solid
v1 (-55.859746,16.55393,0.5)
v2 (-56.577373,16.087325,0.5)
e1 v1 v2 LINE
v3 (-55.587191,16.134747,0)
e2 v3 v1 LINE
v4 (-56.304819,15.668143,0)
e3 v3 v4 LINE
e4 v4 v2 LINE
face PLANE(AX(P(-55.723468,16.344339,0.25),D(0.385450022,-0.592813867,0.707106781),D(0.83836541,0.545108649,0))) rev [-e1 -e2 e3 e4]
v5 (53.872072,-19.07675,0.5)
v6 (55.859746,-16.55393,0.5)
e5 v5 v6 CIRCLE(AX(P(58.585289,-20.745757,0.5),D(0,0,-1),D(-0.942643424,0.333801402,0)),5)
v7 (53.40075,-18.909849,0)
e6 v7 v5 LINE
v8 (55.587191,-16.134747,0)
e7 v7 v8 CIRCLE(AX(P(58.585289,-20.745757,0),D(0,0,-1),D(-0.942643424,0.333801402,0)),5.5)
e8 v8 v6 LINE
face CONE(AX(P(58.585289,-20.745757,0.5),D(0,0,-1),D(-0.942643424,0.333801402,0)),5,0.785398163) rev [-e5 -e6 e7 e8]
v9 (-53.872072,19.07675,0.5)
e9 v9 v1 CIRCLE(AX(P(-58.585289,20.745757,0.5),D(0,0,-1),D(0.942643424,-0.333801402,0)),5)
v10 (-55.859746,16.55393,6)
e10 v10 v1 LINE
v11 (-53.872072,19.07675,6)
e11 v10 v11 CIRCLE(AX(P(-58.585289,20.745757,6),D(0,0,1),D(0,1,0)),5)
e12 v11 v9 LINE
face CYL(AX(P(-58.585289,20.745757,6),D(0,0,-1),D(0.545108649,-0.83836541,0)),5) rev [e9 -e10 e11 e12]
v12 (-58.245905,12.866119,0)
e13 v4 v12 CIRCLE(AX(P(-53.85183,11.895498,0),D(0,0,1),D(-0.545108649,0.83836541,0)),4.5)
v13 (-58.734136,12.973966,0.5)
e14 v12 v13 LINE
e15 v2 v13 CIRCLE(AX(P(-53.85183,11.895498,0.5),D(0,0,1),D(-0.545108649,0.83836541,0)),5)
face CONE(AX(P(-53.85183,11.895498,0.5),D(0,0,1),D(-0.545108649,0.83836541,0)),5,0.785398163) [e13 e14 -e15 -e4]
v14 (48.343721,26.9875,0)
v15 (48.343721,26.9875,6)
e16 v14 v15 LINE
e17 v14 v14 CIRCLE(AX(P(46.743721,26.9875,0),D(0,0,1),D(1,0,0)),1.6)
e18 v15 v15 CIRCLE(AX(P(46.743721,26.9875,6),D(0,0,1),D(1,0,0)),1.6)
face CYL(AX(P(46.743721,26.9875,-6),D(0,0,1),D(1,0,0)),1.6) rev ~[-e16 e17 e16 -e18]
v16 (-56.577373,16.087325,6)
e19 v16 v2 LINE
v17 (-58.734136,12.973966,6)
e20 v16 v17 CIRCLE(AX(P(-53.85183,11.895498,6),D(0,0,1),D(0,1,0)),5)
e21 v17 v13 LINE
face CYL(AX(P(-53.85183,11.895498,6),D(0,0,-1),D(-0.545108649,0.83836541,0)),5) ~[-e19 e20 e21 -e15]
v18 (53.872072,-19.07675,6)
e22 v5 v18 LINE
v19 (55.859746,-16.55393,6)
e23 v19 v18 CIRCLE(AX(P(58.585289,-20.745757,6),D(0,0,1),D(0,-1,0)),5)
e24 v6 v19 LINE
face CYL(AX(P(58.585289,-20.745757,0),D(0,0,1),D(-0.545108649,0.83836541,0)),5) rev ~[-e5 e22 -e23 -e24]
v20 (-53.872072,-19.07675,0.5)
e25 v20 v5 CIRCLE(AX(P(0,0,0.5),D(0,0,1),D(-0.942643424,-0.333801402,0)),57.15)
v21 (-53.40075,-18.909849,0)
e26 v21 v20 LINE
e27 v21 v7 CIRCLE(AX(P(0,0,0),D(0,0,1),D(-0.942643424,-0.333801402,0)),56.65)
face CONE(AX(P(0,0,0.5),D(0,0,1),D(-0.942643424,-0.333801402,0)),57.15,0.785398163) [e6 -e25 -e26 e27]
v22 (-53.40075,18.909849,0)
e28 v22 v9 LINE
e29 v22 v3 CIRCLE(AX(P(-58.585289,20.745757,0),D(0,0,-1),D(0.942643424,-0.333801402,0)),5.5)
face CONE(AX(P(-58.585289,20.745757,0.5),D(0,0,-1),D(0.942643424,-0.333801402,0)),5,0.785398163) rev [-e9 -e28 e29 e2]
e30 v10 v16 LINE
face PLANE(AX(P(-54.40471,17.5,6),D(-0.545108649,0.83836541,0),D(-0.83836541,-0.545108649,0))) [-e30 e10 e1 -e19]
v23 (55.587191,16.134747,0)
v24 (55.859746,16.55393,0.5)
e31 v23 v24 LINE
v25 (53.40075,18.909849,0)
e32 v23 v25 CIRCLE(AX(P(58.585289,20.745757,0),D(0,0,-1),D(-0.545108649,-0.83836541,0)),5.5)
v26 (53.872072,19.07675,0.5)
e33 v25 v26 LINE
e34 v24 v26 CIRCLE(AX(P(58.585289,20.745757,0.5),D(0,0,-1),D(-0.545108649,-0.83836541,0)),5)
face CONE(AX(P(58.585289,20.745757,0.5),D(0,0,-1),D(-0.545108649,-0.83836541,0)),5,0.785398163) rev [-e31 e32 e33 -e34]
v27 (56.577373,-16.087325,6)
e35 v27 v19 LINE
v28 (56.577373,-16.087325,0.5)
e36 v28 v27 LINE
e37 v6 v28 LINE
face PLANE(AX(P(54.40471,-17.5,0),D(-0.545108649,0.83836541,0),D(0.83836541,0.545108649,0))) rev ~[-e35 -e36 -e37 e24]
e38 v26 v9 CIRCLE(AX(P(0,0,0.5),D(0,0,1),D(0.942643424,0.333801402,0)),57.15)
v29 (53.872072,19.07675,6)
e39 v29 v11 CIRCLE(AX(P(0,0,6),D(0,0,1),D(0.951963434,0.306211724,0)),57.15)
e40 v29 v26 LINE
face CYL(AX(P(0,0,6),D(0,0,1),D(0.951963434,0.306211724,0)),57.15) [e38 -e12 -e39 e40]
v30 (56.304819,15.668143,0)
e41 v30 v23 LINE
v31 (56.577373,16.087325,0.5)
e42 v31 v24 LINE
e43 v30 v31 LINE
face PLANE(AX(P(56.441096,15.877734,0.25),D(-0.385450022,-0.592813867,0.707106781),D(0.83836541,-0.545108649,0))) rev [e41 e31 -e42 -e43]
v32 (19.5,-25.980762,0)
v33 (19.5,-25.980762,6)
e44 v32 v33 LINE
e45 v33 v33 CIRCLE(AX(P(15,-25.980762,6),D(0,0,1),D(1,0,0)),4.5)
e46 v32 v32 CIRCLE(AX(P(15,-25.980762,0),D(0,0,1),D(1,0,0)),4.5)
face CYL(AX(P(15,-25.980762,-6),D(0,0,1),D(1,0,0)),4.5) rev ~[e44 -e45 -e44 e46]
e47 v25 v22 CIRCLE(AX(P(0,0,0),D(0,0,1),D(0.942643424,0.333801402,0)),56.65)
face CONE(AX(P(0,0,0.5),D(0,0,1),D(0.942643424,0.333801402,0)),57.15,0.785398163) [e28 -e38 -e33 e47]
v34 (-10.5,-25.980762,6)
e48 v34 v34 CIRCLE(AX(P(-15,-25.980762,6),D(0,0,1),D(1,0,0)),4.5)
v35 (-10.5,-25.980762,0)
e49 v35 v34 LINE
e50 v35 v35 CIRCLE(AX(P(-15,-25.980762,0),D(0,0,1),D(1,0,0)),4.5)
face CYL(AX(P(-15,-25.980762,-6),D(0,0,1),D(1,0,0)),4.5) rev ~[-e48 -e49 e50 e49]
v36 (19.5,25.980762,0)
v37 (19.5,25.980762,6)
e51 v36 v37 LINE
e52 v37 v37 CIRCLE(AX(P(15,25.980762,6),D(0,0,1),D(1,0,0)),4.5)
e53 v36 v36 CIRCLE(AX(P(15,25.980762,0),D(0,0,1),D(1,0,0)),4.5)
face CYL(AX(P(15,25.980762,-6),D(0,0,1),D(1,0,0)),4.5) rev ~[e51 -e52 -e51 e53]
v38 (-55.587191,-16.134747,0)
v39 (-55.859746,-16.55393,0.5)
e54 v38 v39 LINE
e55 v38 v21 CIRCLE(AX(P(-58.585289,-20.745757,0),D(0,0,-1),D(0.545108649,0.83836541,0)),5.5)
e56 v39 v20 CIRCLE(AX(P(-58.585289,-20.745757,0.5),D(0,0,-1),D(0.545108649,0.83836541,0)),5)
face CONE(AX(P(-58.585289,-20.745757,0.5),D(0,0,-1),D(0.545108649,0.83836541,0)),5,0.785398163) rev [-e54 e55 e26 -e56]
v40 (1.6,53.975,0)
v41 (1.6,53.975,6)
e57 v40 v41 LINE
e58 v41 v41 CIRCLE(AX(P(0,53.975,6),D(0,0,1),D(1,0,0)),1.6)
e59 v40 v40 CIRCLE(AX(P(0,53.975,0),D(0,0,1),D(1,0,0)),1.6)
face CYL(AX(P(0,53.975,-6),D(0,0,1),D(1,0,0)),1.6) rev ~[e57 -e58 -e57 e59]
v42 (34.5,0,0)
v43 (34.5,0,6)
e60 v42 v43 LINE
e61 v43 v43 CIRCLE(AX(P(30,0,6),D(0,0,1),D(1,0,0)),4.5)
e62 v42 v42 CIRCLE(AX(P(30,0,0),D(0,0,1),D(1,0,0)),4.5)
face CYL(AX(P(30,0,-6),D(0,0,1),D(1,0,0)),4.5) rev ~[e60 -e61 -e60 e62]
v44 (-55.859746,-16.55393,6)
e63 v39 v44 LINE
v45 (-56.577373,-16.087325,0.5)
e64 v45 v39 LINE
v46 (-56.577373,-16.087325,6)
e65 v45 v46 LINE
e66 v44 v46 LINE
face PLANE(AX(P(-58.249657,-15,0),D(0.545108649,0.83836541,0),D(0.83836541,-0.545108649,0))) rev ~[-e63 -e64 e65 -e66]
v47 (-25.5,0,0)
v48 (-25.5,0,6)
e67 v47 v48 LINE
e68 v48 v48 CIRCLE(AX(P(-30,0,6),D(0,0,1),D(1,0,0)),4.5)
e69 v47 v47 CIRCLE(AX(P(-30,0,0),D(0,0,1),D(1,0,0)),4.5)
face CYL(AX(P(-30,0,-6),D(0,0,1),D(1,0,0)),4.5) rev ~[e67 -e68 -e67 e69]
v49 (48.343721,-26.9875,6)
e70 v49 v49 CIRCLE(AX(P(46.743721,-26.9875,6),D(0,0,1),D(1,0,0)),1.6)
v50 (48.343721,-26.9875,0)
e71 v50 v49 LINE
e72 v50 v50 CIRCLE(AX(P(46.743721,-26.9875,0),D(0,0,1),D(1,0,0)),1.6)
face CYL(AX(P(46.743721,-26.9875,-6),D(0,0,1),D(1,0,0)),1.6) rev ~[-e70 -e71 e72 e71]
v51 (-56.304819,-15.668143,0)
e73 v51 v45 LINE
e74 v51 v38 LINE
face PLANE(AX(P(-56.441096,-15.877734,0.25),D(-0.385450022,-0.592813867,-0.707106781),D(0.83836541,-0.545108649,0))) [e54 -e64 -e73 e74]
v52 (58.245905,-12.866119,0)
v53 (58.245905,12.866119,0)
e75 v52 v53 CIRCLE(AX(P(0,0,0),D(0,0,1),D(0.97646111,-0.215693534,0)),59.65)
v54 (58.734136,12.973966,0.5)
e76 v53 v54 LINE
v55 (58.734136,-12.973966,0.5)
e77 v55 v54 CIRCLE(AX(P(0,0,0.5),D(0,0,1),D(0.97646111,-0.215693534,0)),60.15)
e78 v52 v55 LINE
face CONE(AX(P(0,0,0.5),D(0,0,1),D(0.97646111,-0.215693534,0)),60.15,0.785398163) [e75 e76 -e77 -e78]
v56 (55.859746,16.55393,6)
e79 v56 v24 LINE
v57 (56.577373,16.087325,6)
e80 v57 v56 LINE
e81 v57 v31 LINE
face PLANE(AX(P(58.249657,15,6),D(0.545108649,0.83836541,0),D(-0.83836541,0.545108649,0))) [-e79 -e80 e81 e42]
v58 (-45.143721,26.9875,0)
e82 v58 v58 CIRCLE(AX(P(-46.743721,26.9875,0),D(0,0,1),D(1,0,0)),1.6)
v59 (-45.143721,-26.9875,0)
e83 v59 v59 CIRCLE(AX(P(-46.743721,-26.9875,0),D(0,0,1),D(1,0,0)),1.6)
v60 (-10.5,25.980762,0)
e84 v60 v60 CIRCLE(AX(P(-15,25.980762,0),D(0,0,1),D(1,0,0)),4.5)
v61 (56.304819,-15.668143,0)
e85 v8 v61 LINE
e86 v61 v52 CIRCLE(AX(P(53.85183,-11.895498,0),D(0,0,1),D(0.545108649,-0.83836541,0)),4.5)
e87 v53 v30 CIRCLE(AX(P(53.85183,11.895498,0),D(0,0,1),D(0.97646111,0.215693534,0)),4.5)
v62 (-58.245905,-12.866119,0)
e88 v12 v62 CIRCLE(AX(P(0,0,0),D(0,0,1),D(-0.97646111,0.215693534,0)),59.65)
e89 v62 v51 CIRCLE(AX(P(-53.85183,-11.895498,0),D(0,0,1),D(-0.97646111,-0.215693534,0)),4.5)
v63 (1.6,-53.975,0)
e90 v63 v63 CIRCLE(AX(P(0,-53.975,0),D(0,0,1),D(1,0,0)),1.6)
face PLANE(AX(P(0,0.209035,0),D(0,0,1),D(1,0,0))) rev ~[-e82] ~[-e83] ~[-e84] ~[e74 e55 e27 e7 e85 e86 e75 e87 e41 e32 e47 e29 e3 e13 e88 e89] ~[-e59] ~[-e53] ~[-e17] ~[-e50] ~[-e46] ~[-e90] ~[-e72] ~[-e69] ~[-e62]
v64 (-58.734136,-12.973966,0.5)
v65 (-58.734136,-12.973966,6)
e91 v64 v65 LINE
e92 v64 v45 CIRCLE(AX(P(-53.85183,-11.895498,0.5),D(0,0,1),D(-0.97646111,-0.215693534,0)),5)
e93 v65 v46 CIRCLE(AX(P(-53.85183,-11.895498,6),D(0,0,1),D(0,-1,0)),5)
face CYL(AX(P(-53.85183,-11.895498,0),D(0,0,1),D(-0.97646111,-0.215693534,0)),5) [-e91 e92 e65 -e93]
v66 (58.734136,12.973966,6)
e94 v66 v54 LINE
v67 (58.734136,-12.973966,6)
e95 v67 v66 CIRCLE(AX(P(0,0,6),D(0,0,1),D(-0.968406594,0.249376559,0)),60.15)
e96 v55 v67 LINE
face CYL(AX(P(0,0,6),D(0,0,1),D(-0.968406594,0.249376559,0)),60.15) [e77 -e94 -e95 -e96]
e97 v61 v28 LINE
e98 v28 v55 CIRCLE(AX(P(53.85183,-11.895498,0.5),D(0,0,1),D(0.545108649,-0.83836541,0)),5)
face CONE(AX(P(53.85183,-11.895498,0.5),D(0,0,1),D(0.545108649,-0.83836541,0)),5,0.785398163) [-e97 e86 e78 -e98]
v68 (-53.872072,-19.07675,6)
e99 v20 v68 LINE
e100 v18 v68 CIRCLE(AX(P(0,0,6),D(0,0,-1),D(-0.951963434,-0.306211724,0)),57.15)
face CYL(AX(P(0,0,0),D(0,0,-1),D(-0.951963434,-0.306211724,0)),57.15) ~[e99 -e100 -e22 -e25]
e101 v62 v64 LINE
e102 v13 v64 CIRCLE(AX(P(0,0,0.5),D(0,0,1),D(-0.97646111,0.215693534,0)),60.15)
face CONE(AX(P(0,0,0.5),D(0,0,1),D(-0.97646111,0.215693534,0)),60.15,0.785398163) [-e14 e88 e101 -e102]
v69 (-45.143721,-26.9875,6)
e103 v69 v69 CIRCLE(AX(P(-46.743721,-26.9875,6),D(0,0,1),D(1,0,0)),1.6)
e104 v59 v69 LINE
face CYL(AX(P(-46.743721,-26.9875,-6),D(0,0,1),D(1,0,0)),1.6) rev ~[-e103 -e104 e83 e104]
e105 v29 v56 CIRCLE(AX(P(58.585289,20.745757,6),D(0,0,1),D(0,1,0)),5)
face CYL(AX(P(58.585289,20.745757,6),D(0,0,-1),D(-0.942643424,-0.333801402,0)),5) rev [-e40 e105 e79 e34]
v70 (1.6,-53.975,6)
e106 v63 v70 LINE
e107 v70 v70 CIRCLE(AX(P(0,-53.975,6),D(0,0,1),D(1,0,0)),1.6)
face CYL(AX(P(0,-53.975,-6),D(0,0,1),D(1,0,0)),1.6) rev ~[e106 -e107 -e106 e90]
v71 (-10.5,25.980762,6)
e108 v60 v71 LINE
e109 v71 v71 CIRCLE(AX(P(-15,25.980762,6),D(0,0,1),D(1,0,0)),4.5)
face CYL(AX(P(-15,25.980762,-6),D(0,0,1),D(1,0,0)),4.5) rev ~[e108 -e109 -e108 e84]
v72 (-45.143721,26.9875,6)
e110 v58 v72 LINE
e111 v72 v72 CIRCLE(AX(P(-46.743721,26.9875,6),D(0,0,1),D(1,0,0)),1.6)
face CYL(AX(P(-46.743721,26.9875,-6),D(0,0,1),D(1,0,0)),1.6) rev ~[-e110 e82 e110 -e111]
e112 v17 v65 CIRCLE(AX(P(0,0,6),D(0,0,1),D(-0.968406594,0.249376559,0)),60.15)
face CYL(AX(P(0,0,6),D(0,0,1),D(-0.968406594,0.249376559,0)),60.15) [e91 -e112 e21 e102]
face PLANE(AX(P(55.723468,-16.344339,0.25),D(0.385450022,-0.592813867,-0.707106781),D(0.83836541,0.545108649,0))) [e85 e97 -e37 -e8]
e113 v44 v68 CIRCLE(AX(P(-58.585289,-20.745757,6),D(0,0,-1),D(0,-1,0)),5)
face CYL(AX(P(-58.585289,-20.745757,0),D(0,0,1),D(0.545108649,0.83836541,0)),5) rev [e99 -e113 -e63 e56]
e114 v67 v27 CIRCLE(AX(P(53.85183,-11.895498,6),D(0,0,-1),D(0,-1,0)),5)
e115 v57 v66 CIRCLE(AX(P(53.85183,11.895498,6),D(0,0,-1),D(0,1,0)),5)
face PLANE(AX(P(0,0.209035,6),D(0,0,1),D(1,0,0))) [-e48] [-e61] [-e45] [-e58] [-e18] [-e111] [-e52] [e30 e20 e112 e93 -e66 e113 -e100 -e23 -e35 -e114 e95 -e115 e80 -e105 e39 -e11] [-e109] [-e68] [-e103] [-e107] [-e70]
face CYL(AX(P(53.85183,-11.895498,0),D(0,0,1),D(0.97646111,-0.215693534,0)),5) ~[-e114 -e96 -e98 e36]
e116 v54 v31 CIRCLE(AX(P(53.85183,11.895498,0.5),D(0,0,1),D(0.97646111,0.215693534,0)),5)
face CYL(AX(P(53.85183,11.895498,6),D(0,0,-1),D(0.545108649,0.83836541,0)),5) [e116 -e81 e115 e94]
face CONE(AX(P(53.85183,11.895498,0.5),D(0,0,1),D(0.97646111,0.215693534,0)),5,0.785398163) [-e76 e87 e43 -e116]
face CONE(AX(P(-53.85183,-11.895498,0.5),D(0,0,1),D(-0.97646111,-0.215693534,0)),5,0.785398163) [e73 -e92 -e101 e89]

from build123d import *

# Parameters (mm, degrees)
EXTRUDE_1_DEPTH             = 6
CUT_EXTRUDE_1_DEPTH         = 7
HOLE_WIZARD_9_0_9_1_D       = 9
HOLE_WIZARD_9_0_9_1_DEPTH   = 6
HOLE_WIZARD_3_2_3_2_1_D     = 3.2
HOLE_WIZARD_3_2_3_2_1_DEPTH = 6
FILLET_1_R                  = 5
CHAMFER_1_SIZE              = 0.5


with BuildPart() as part:
    # 草图1 → 凸台-拉伸1 (new body)
    with BuildSketch(Plane.XY.offset(6)):
        with BuildLine():
            Line((-54.404710274, 17.5), (-58.249656651, 15))
            ThreePointArc((-58.249656651, 15), (0, -60.15), (58.249656651, 15))
            Line((58.249656651, 15), (54.404710274, 17.5))
            ThreePointArc((54.404710274, 17.5), (0, 57.15), (-54.404710274, 17.5))
        make_face()
    extrude(amount=-EXTRUDE_1_DEPTH)

    # 草图2 → 切除-拉伸1 (cut, through all)
    with BuildSketch(Plane(origin=(0, 0, 0), x_dir=(-1, 0, 0), z_dir=(0, 0, -1))):
        with BuildLine():
            Line((58.249656651, -15), (54.404710274, -17.5))
            ThreePointArc((54.404710274, -17.5), (0, -57.15), (-54.404710274, -17.5))
            Line((-54.404710274, -17.5), (-58.249656651, -15))
            ThreePointArc((-58.249656651, -15), (0, -60.15), (58.249656651, -15))
        make_face()
    extrude(amount=-CUT_EXTRUDE_1_DEPTH, mode=Mode.SUBTRACT)

    # Ø9.0 (9) 直径孔1
    with Locations(Plane(origin=(0, 0, 0), x_dir=(-1, 0, 0), z_dir=(0, 0, -1))):
        with Locations((-15, 25.980762114), (15, 25.980762114), (30, 0), (15, -25.980762114), (-15, -25.980762114), (-30, 0)):
            Hole(HOLE_WIZARD_9_0_9_1_D / 2, depth=HOLE_WIZARD_9_0_9_1_DEPTH)

    # Ø3.2 (3.2) 直径孔1
    with Locations(Plane(origin=(0, 0, 0), x_dir=(-1, 0, 0), z_dir=(0, 0, -1))):
        with Locations((0, 53.975), (46.743721169, -26.9875), (-46.743721169, 26.9875), (-46.743721169, -26.9875), (0, -53.975), (46.743721169, 26.9875)):
            Hole(HOLE_WIZARD_3_2_3_2_1_D / 2, depth=HOLE_WIZARD_3_2_3_2_1_DEPTH)

    # 圆角1
    fillet_1_edges = [part.edges().sort_by_distance(p)[0] for p in [
        (-58.249656651, -15, 3),
        (58.249656651, -15, 3),
        (54.404710274, -17.5, 3),
        (-54.404710274, -17.5, 3),
        (54.404710274, 17.5, 3),
        (58.249656651, 15, 3),
        (-58.249656651, 15, 3),
        (-54.404710274, 17.5, 3),
    ]]
    fillet(fillet_1_edges, radius=FILLET_1_R)

    # 倒角1
    chamfer_1_edges = [part.edges().sort_by_distance(p)[0] for p in [
        (60.15, 0, 0),
        (56.218559502, 16.320627747, 0),
        (56.218559502, -16.320627747, 0),
        (-60.15, 0, 0),
        (-56.218559502, 16.320627747, 0),
        (0, 57.15, 0),
        (-57.961950962, 14.742761538, 0),
        (57.961950962, -14.742761538, 0),
        (-57.961950962, -14.742761538, 0),
        (57.961950962, 14.742761538, 0),
        (-54.657828511, -17.651398409, 0),
        (54.657828511, -17.651398409, 0),
        (54.657828511, 17.651398409, 0),
        (-54.657828511, 17.651398409, 0),
        (0, -57.15, 0),
        (-56.218559502, -16.320627747, 0),
    ]]
    chamfer(chamfer_1_edges, length=CHAMFER_1_SIZE)


solid = part.part
